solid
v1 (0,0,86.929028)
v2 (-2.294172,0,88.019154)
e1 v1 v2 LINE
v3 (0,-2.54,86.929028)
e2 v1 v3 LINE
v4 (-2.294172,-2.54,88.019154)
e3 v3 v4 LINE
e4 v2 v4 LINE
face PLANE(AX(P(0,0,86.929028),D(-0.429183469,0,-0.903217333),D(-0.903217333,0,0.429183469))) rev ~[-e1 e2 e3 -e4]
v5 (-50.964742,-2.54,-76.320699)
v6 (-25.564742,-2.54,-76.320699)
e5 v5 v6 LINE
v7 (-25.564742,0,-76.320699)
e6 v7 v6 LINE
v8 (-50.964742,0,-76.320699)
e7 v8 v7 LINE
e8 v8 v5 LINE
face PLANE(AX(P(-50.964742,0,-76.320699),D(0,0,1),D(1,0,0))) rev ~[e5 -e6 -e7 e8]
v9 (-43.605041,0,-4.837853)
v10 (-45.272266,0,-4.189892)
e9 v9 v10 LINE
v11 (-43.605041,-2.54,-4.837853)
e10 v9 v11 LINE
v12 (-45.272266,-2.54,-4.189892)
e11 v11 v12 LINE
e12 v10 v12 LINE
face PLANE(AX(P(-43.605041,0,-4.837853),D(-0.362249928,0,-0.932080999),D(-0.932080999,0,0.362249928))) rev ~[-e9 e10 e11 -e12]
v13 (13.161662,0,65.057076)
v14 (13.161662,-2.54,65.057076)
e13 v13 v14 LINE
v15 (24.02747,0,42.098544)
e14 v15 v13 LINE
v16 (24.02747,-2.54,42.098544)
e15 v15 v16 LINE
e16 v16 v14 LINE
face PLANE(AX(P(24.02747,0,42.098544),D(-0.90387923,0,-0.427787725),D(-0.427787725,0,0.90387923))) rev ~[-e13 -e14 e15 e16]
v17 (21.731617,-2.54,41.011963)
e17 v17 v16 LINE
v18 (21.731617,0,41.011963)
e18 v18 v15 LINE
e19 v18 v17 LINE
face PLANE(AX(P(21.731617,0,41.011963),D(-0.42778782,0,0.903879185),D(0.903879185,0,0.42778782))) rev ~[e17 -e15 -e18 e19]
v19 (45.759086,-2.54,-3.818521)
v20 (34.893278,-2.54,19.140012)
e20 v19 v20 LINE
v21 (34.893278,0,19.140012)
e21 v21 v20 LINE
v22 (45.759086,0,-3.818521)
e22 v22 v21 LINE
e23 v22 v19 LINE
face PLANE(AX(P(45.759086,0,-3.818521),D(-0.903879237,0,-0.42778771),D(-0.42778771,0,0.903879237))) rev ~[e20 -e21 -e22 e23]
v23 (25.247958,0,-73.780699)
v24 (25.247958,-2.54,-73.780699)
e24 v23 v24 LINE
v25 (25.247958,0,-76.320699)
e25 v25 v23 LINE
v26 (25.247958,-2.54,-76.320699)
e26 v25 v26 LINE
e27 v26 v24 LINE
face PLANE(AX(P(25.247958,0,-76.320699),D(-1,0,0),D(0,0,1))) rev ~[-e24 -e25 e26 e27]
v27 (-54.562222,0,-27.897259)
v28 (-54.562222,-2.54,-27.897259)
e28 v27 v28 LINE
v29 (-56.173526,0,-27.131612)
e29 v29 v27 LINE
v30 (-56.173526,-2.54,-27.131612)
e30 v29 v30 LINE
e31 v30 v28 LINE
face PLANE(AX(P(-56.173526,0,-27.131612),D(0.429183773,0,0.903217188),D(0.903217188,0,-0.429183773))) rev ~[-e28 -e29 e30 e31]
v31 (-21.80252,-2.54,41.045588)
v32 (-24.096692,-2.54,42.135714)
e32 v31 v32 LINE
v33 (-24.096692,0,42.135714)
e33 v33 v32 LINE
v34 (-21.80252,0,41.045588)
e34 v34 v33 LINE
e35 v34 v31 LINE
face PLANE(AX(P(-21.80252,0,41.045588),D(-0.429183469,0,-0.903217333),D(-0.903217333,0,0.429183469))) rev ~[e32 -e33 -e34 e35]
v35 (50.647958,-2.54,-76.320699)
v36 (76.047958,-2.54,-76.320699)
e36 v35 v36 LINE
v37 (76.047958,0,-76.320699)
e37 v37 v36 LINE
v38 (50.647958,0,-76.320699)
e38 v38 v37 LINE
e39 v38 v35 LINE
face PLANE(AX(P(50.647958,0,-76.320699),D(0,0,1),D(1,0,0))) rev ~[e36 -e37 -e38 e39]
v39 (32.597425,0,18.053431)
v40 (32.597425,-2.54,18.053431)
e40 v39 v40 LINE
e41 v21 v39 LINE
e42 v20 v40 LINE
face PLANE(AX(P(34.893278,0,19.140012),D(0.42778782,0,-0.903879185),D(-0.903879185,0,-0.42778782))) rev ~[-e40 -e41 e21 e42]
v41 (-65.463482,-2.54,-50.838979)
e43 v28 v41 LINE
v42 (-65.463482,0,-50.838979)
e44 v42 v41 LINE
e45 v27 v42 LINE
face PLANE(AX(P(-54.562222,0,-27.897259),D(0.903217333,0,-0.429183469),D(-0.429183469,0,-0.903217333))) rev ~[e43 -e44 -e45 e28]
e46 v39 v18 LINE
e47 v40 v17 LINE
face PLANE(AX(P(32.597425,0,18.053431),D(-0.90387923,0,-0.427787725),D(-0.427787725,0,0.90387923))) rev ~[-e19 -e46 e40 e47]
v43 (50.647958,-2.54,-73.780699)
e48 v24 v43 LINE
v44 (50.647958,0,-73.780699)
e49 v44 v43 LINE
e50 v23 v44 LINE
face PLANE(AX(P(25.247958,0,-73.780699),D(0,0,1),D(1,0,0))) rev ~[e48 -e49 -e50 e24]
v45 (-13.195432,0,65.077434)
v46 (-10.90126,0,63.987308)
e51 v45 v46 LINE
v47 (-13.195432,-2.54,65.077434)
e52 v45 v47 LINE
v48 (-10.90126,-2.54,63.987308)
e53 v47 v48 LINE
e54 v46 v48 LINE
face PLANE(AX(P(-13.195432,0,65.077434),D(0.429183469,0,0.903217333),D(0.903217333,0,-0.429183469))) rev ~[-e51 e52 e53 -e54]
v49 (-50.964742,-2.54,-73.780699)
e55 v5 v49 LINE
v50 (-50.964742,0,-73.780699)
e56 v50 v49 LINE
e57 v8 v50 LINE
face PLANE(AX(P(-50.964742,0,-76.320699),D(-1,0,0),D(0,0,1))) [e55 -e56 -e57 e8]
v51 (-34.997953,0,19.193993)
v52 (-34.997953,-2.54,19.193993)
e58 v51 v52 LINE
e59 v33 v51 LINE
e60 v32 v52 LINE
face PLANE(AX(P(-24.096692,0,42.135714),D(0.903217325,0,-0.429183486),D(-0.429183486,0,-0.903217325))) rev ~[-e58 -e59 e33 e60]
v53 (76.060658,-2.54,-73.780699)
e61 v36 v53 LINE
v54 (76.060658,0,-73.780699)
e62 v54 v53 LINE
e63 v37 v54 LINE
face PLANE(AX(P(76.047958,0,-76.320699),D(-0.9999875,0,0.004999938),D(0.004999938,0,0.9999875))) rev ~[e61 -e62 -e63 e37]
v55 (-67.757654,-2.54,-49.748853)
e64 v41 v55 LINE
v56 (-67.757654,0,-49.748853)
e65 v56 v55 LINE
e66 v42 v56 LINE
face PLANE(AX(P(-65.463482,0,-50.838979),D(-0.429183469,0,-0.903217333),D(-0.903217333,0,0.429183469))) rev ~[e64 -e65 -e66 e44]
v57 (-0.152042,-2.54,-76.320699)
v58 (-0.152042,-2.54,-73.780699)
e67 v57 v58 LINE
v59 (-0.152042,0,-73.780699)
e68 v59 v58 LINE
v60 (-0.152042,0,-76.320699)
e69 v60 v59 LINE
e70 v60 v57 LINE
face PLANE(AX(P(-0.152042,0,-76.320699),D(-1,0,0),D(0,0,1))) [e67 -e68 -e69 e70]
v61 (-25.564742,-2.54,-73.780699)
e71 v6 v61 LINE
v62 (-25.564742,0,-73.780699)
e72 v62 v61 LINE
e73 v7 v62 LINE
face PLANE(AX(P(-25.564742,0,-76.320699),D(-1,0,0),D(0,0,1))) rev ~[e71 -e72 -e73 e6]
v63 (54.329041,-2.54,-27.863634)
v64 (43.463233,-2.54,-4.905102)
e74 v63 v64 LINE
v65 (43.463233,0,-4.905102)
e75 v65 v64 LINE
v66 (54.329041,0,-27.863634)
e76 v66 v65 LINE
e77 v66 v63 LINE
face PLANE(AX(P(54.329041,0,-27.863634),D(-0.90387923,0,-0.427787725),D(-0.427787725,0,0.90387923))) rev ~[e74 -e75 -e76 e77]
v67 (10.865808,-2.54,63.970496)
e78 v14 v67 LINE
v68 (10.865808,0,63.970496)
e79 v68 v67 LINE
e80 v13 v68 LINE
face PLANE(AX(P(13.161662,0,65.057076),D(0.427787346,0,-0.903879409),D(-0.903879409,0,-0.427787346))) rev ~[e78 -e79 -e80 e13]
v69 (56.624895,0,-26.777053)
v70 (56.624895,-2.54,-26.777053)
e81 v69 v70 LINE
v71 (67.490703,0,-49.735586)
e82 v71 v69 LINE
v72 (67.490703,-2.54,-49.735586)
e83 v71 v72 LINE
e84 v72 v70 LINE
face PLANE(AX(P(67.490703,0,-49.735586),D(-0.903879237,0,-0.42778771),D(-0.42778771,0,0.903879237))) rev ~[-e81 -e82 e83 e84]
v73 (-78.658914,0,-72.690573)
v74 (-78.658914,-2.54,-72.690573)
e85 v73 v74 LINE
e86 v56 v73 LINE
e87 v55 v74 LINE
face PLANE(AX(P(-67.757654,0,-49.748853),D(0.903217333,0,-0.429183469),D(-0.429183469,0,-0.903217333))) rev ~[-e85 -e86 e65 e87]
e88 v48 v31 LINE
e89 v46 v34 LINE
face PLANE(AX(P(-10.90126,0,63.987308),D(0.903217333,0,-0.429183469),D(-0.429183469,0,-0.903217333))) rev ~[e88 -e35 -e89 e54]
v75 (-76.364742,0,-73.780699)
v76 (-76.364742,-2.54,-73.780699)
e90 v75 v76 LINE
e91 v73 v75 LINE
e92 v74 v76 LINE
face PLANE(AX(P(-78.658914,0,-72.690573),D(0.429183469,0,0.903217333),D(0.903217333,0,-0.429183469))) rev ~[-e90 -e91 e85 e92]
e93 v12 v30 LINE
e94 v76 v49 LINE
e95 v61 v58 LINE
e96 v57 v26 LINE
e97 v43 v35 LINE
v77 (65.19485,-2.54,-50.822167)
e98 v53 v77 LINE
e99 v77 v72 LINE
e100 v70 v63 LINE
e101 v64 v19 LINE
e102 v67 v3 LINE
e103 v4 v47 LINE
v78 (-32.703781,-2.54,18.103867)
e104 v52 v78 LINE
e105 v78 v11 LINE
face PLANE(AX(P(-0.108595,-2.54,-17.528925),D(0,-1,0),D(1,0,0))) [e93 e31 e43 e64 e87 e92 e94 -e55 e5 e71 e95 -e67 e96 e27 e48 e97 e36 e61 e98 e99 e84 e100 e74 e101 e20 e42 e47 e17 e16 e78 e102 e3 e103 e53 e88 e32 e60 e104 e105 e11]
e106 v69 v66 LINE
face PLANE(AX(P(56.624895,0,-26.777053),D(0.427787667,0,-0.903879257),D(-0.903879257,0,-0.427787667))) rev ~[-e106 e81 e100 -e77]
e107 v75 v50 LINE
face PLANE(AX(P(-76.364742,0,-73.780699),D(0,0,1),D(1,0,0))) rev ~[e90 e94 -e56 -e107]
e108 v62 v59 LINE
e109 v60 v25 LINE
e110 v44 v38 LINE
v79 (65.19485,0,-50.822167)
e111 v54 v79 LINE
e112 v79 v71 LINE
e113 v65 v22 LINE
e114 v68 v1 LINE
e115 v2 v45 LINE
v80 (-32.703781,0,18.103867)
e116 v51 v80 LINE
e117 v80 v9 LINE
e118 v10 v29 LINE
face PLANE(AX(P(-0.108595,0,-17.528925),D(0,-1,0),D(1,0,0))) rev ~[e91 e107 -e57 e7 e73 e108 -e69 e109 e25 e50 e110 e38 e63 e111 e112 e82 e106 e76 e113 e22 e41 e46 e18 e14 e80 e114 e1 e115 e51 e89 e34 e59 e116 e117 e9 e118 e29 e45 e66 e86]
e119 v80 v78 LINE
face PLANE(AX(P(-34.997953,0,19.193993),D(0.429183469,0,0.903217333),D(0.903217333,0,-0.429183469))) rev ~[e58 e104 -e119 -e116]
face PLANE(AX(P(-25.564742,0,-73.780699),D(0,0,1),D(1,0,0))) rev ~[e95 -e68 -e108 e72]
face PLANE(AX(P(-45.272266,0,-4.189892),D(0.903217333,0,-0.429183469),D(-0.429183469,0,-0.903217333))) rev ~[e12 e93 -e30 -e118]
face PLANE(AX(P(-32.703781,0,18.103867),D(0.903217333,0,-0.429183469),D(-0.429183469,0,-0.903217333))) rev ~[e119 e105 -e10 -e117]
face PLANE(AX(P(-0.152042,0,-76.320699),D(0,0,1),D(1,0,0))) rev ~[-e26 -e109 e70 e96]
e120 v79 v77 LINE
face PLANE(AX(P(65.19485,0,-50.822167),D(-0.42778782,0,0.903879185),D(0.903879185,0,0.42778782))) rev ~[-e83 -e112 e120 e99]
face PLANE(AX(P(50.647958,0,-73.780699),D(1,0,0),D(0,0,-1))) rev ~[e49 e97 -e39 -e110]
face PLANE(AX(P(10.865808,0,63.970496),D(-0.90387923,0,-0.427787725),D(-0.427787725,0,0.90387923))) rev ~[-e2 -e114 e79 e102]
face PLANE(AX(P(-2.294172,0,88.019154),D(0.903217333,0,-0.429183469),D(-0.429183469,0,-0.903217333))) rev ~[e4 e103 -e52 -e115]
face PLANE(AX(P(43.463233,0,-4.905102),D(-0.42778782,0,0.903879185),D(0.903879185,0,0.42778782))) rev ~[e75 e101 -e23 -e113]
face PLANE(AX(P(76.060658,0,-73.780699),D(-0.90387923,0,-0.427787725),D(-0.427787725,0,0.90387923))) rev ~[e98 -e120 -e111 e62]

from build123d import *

# Parameters (mm, degrees)
F0_W     = 25.4
F0_H     = 2.54
F1_DEPTH = 2.54


with BuildPart() as f1:
    # F0 (on Front) → F1 (new body)
    with BuildSketch(Plane.XZ):
        Polygon((0, 86.929028), (-10.90126, 63.987308), (-21.80252, 41.045588), (-32.703781, 18.103867), (-43.605041, -4.837853), (-54.562222, -27.897259), (-65.463482, -50.838979), (-76.364742, -73.780699), (-50.964742, -73.780699), (-25.564742, -73.780699), (-0.152042, -73.780699), (25.247958, -73.780699), (50.647958, -73.780699), (76.060658, -73.780699), (65.19485, -50.822167), (54.329041, -27.863634), (43.463233, -4.905102), (32.597425, 18.053431), (21.731617, 41.011963), (10.865808, 63.970496), align=None)
        Polygon((-13.195432, 65.077434), (-10.90126, 63.987308), (0, 86.929028), (-2.294172, 88.019154), align=None)
        Polygon((-32.703781, 18.103867), (-21.80252, 41.045588), (-24.096692, 42.135714), (-34.997953, 19.193993), align=None)
        Polygon((13.161662, 65.057076), (10.865808, 63.970496), (21.731617, 41.011963), (24.02747, 42.098544), align=None)
        Polygon((-54.562222, -27.897259), (-43.605041, -4.837853), (-45.272266, -4.189892), (-56.173526, -27.131612), align=None)
        Polygon((34.893278, 19.140012), (32.597425, 18.053431), (43.463233, -4.905102), (45.759086, -3.818521), align=None)
        Polygon((-76.364742, -73.780699), (-65.463482, -50.838979), (-67.757654, -49.748853), (-78.658914, -72.690573), align=None)
        Polygon((56.624895, -26.777053), (54.329041, -27.863634), (65.19485, -50.822167), (67.490703, -49.735586), align=None)
        with Locations((-38.264742, -75.050699)):
            Rectangle(F0_W, F0_H)
        Polygon((76.047958, -76.320699), (76.060658, -73.780699), (50.647958, -73.780699), (50.647958, -76.320699), align=None)
        with Locations((12.547958, -75.050699)):
            Rectangle(F0_W, F0_H)
    extrude(amount=F1_DEPTH)


solid = f1.part
